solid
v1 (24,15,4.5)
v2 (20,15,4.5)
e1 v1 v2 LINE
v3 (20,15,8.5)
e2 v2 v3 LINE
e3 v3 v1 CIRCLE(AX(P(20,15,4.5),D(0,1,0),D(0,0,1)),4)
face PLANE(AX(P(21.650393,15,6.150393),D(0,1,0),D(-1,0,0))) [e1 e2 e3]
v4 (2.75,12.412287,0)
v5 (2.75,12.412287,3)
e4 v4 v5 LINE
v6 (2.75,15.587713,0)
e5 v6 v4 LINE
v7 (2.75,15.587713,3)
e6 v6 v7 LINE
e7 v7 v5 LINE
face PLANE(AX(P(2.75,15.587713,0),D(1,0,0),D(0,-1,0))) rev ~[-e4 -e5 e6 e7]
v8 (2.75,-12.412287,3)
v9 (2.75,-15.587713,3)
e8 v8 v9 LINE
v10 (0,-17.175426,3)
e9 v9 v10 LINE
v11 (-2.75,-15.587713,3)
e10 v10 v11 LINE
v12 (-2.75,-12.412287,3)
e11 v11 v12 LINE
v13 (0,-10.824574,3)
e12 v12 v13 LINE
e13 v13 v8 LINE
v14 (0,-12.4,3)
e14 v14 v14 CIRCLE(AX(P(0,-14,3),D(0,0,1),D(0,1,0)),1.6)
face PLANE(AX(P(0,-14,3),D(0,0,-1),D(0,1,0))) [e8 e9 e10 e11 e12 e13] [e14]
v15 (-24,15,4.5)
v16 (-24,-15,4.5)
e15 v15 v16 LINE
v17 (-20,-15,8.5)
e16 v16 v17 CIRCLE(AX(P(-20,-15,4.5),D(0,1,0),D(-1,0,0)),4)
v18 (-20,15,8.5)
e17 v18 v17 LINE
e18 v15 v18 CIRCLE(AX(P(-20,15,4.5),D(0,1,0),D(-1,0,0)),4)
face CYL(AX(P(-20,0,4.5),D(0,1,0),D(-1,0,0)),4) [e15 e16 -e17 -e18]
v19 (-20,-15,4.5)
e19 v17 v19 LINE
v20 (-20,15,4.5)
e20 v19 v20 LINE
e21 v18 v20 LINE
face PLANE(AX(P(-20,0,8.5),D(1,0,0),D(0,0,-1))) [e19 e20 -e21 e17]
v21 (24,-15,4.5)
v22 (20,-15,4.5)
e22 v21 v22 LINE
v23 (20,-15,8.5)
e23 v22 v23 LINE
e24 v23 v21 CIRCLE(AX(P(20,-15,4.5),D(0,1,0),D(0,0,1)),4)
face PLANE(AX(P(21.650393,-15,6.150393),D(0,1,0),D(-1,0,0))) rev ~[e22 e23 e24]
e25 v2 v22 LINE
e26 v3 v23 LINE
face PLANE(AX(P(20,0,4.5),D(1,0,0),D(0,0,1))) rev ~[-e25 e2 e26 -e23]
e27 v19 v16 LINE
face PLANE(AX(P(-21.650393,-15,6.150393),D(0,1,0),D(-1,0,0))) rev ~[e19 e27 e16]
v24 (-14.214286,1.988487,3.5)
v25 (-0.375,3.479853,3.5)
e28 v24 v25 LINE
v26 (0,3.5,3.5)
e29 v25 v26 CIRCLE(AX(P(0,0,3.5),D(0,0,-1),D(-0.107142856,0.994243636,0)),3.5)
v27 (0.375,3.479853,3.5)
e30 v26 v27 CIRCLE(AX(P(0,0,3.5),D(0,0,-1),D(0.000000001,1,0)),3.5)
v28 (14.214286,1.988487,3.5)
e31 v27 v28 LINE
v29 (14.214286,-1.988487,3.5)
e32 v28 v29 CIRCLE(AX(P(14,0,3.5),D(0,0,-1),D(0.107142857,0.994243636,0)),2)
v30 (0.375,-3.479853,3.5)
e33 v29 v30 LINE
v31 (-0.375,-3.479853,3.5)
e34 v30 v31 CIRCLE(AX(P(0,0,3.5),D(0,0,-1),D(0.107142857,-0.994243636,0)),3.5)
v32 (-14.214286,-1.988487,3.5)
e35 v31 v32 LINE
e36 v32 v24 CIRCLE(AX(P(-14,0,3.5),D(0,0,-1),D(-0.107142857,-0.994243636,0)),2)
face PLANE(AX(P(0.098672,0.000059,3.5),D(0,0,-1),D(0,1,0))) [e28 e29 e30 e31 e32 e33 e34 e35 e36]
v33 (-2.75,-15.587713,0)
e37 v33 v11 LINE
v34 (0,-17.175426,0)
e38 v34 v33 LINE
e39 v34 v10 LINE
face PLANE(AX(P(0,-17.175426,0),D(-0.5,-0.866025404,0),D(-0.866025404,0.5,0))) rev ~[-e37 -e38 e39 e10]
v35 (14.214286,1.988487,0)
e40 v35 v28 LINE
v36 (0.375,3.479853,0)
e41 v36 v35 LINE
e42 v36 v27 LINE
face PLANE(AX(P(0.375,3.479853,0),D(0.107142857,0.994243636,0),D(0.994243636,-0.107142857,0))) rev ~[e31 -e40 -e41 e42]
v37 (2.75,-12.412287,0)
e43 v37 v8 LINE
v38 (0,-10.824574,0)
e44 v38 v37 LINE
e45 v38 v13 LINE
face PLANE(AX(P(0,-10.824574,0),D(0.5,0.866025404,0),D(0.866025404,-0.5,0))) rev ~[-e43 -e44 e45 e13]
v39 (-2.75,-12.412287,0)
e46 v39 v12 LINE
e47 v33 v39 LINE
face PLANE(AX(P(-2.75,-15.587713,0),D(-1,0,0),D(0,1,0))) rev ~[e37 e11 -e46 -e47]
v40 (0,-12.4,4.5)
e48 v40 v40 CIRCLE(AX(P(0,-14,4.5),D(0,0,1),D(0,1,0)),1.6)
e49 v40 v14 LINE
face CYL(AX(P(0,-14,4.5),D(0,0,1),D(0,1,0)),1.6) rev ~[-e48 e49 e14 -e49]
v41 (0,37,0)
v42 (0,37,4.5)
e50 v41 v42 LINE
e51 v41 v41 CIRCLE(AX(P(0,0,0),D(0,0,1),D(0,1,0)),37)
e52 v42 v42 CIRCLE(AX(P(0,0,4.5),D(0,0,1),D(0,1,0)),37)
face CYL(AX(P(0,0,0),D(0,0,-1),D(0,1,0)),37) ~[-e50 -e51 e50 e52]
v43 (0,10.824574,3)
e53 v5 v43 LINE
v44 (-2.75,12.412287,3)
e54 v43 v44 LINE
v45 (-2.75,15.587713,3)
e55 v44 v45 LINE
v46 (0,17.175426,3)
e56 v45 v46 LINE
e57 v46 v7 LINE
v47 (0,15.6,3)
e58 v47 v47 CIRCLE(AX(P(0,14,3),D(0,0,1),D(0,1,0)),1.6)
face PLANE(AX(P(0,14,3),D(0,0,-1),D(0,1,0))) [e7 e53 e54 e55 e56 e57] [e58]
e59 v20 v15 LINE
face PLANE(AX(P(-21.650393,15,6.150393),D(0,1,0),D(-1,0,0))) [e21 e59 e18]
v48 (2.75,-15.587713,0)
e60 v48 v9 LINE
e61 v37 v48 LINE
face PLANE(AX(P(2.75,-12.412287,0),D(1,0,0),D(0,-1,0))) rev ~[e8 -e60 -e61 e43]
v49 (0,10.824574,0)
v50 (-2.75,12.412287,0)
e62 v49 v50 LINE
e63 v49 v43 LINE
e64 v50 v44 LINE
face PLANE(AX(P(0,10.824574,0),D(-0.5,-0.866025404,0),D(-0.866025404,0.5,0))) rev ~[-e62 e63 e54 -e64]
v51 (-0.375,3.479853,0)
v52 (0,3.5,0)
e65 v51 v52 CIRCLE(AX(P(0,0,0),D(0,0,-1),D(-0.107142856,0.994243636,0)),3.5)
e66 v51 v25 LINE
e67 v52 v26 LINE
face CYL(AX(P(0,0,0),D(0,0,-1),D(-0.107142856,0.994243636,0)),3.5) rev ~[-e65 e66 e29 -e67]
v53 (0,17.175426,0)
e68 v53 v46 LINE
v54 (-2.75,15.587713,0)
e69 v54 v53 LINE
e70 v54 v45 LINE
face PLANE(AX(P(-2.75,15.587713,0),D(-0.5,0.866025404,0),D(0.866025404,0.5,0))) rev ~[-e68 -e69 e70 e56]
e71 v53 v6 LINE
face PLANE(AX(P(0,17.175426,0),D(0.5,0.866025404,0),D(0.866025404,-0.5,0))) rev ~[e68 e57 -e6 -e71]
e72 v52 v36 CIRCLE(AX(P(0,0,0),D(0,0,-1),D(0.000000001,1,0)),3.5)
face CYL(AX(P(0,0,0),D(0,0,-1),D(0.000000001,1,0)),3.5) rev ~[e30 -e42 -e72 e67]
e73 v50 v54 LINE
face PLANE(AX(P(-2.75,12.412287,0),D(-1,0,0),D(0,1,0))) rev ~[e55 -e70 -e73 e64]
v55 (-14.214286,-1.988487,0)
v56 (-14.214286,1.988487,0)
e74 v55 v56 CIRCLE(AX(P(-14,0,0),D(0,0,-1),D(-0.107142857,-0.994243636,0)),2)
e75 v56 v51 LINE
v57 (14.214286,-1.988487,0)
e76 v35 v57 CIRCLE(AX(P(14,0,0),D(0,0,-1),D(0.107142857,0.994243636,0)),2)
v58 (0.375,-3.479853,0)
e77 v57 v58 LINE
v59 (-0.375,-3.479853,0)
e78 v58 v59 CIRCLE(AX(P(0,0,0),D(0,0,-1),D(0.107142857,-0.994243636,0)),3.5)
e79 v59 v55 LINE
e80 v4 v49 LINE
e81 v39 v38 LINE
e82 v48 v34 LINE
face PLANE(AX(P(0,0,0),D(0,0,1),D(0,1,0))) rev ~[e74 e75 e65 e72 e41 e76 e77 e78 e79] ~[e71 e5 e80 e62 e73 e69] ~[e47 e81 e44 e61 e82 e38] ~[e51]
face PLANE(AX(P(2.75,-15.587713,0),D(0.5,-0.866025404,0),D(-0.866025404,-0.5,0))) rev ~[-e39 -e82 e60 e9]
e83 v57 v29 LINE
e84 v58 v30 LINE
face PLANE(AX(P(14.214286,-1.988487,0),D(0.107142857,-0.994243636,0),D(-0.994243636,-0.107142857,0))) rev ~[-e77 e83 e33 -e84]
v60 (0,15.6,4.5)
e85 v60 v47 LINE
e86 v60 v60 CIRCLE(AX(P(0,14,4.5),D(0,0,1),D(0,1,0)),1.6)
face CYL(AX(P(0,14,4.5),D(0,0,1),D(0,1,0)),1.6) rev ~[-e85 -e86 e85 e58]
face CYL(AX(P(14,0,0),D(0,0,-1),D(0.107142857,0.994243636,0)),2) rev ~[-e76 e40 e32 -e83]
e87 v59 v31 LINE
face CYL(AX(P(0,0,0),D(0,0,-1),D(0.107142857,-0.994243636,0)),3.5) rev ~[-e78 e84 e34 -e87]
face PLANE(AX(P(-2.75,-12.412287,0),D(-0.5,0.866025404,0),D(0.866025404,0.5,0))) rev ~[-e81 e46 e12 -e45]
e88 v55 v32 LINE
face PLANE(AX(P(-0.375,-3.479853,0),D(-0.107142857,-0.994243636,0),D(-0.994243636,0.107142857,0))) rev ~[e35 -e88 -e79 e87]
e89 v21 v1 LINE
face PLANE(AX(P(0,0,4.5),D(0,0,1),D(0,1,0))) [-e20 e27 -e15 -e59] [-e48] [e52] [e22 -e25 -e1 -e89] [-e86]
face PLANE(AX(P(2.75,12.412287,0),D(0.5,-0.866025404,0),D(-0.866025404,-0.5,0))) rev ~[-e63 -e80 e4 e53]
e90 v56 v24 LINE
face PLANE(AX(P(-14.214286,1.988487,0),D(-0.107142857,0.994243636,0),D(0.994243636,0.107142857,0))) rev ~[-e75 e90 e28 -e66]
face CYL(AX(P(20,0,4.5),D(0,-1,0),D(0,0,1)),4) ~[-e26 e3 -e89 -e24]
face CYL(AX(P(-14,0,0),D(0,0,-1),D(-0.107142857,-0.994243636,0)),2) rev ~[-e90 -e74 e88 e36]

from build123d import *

# Parameters (mm, degrees)
F0_R      = 37
F1_DEPTH  = 4.5
F3_DEPTH  = 3.5
F5_DEPTH  = 15
F6_R      = 1.6
F7_DEPTH  = 4.501
F9_DEPTH  = 3
F11_ANGLE = 90


with BuildPart() as f1:
    # F0 (on Top) → F1 (new body)
    with BuildSketch(Plane.XY):
        Circle(F0_R)
    extrude(amount=F1_DEPTH)

    # F2 (on face) → F3 (cut)
    with BuildSketch(Plane(origin=(0, 0, 0), x_dir=(1, 0, 0), z_dir=(0, 0, -1))):
        with BuildLine():
            ThreePointArc((3.4798527268, -0.375), (3.4949595522, -0.1877704134), (3.5, 0))
            ThreePointArc((3.5, 0), (3.4949595522, 0.1877704134), (3.4798527268, 0.375))
            ThreePointArc((3.4798527268, 0.375), (2.3385358667, 2.604083332), (0, 3.5))
            ThreePointArc((0, 3.5), (-2.3385358667, 2.604083332), (-3.4798527268, 0.375))
            ThreePointArc((-3.4798527268, 0.375), (-3.5, 0), (-3.4798527268, -0.375))
            ThreePointArc((-3.4798527268, -0.375), (0, -3.5), (3.4798527268, -0.375))
        make_face()
        with BuildLine():
            ThreePointArc((0, 3.5), (2.3385358667, 2.604083332), (3.4798527268, 0.375))
            Line((3.4798527268, 0.375), (1.9884872724, 14.2142857143))
            ThreePointArc((1.9884872724, 14.2142857143), (1.9971197441, 14.1072973791), (2, 14))
            ThreePointArc((2, 14), (1.4142135624, 12.5857864376), (0, 12))
            Line((0, 12), (0, 3.5))
        make_face()
        with BuildLine():
            Line((1.9884872724, -14.2142857143), (3.4798527268, -0.375))
            ThreePointArc((3.4798527268, -0.375), (0, -3.5), (-3.4798527268, -0.375))
            Line((-3.4798527268, -0.375), (-1.9884872724, -14.2142857143))
            ThreePointArc((-1.9884872724, -14.2142857143), (-0.1072973791, -12.0028802559), (2, -14))
            ThreePointArc((2, -14), (1.9971197441, -14.1072973791), (1.9884872724, -14.2142857143))
        make_face()
        with BuildLine():
            ThreePointArc((-3.4798527268, 0.375), (-2.3385358667, 2.604083332), (0, 3.5))
            Line((0, 3.5), (0, 12))
            ThreePointArc((0, 12), (-1.4880476183, 12.6636937904), (-1.9884872724, 14.2142857143))
            Line((-1.9884872724, 14.2142857143), (-3.4798527268, 0.375))
        make_face()
        with BuildLine():
            ThreePointArc((2, 14), (1.9971197441, 14.1072973791), (1.9884872724, 14.2142857143))
            ThreePointArc((1.9884872724, 14.2142857143), (0, 16), (-1.9884872724, 14.2142857143))
            ThreePointArc((-1.9884872724, 14.2142857143), (-1.4880476183, 12.6636937904), (0, 12))
            ThreePointArc((0, 12), (1.4142135624, 12.5857864376), (2, 14))
        make_face()
        with BuildLine():
            ThreePointArc((-1.9884872724, -14.2142857143), (0, -16), (1.9884872724, -14.2142857143))
            ThreePointArc((1.9884872724, -14.2142857143), (1.9971197441, -14.1072973791), (2, -14))
            ThreePointArc((2, -14), (-0.1072973791, -12.0028802559), (-1.9884872724, -14.2142857143))
        make_face()
    extrude(amount=-F3_DEPTH, mode=Mode.SUBTRACT)

    # F4 (on Right) → F5 (join, symmetric)
    with BuildSketch(Plane.YZ):
        with BuildLine():
            ThreePointArc((-20, 8.5), (-22.8284271247, 7.3284271247), (-24, 4.5))
            Line((-24, 4.5), (-20, 4.5))
            Line((-20, 4.5), (-20, 8.5))
        make_face()
        with BuildLine():
            Line((20, 8.5), (20, 4.5))
            Line((20, 4.5), (24, 4.5))
            ThreePointArc((24, 4.5), (22.8284271247, 7.3284271247), (20, 8.5))
        make_face()
    extrude(amount=F5_DEPTH, both=True)

    # F6 (on face) → F7 (cut, through all)
    with BuildSketch(Plane.XY.offset(4.5)):
        with Locations((-14, 0)):
            Circle(F6_R)
        with Locations((14, 0)):
            Circle(F6_R)
    extrude(amount=-F7_DEPTH, mode=Mode.SUBTRACT)

    # F8 (on face) → F9 (cut)
    with BuildSketch(Plane(origin=(0, 0, 0), x_dir=(1, 0, 0), z_dir=(0, 0, -1))):
        Polygon((12.4122867597, 2.75), (10.8245735195, 0), (12.4122867597, -2.75), (15.5877132403, -2.75), (17.1754264805, 0), (15.5877132403, 2.75), align=None)
        Polygon((-12.4122867597, -2.75), (-10.8245735195, 0), (-12.4122867597, 2.75), (-15.5877132403, 2.75), (-17.1754264805, 0), (-15.5877132403, -2.75), align=None)
    extrude(amount=-F9_DEPTH, mode=Mode.SUBTRACT)


with BuildPart() as f1_1:
    # F11: moved
    add(f1.part.rotate(Axis((0, 0, 35.3244128637), (0, 0, 1)), F11_ANGLE))


solid = f1_1.part
